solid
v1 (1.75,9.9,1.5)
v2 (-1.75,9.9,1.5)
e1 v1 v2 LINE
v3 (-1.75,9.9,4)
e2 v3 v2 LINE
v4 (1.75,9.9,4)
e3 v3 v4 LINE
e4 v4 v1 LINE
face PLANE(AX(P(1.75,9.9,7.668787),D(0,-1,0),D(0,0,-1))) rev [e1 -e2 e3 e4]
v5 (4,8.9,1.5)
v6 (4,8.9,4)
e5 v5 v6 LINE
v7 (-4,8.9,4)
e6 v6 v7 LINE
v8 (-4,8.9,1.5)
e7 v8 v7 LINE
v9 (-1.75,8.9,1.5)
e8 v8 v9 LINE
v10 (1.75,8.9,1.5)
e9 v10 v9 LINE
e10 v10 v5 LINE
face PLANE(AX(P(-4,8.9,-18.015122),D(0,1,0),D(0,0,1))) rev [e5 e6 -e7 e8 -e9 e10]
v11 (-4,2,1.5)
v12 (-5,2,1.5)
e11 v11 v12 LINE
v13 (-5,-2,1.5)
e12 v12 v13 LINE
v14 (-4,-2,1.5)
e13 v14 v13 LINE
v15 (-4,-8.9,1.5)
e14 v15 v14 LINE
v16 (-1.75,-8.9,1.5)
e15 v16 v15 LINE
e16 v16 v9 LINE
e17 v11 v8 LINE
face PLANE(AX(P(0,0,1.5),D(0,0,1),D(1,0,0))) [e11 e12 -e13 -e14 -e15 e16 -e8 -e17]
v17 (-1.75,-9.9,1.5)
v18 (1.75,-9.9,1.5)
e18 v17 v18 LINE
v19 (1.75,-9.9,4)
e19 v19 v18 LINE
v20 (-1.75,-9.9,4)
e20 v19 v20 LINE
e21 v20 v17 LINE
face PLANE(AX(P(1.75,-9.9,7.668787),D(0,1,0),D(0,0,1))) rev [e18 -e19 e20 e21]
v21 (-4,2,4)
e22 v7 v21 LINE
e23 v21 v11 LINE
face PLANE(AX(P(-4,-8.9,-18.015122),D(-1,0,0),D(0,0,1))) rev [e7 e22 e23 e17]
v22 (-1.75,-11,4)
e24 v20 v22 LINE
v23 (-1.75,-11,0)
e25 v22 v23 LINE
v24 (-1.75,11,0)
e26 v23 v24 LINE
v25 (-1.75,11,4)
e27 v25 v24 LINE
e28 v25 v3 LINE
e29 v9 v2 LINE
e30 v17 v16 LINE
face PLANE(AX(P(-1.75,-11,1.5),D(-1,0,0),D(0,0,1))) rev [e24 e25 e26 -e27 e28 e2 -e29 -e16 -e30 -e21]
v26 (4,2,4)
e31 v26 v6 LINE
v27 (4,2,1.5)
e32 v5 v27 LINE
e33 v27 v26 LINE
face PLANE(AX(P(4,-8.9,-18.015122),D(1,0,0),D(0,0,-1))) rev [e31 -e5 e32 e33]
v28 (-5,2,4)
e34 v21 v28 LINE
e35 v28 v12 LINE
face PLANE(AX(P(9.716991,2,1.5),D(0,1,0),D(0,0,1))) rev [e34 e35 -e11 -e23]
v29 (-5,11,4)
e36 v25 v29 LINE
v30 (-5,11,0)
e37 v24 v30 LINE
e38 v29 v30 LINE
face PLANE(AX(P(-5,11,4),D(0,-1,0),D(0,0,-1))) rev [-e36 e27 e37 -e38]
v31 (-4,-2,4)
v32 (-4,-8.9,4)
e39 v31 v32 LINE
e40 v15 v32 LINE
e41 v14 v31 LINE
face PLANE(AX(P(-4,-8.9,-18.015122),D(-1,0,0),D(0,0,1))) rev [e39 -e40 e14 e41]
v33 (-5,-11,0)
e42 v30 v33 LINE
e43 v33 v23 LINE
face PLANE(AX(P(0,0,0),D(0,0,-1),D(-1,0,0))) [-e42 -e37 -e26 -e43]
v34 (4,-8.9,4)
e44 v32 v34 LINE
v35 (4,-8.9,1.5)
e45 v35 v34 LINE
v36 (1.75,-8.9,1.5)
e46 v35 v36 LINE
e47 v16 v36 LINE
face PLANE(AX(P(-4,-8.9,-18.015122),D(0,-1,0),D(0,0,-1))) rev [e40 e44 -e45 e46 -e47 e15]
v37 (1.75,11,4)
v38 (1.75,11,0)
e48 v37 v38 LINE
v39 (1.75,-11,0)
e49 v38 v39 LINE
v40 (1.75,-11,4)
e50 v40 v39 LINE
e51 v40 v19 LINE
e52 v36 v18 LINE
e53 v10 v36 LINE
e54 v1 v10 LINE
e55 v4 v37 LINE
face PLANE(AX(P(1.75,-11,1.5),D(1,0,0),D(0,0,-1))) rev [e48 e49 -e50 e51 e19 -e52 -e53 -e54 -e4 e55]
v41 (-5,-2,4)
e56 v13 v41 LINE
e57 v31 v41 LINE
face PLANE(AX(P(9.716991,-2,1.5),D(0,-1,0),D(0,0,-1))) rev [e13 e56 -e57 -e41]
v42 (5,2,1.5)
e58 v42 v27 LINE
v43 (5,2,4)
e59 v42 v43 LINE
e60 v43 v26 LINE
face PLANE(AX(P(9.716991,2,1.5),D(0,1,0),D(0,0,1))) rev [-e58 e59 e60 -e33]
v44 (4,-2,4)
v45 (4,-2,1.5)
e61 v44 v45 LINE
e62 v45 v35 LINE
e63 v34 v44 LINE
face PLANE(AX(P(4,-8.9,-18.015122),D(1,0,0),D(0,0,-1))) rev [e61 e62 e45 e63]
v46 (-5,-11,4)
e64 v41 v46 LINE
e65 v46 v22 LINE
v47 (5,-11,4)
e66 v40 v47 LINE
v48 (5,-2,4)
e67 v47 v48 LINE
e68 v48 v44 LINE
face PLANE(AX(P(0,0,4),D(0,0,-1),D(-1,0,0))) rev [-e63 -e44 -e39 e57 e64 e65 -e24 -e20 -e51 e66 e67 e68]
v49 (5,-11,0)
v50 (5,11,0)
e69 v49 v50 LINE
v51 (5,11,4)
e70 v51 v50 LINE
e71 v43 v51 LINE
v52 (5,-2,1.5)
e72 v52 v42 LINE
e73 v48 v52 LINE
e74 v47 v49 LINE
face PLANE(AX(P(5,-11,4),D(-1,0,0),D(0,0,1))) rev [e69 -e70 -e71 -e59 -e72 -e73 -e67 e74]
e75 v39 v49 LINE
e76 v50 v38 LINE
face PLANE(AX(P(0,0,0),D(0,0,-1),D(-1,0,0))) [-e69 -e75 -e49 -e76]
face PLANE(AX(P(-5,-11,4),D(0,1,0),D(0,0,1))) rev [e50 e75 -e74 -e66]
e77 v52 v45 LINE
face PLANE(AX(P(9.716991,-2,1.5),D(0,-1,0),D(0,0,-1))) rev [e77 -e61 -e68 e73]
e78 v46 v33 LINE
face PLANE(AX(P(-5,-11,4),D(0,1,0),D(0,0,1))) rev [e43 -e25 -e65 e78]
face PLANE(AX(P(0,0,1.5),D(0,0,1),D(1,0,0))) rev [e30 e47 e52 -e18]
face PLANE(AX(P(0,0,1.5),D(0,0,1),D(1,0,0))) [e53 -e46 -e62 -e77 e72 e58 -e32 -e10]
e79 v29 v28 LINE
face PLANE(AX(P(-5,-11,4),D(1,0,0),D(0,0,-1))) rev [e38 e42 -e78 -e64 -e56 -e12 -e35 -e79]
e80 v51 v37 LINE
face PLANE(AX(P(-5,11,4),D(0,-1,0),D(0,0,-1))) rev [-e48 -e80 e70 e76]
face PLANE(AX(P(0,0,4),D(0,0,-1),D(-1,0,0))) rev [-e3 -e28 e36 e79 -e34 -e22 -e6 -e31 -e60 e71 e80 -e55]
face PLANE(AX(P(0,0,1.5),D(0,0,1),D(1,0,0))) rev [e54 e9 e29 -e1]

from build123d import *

# Parameters (mm, degrees)
SKETCH1_W           = 10
SKETCH1_H           = 22
BOSS_EXTRUDE1_DEPTH = 4
SKETCH2_W           = 3.5
SKETCH2_H           = 22
SLOT_DEPTH          = 1.5
SKETCH3_W           = 3.5
SKETCH3_H           = 1.1
CUT_EXTRUDE2_DEPTH  = 2.5
SKETCH4_W           = 8
SKETCH4_H           = 17.8
CUT_EXTRUDE3_DEPTH  = 2.5
CUT_EXTRUDE4_REACH  = 17.395
SKETCH6_W           = 2.5
SKETCH6_H           = 4


with BuildPart() as part:
    # Sketch1 → Boss-Extrude1 (new body)
    with BuildSketch(Plane.XY):
        Rectangle(SKETCH1_W, SKETCH1_H)
    extrude(amount=BOSS_EXTRUDE1_DEPTH)

    # Sketch2 → slot (cut)
    with BuildSketch(Plane(origin=(0, 0, 0), x_dir=(-1, 0, 0), z_dir=(0, 0, -1))):
        Rectangle(SKETCH2_W, SKETCH2_H)
    extrude(amount=-SLOT_DEPTH, mode=Mode.SUBTRACT)

    # Sketch3 → Cut-Extrude2 (cut)
    with BuildSketch(Plane(origin=(0, 0, 1.5), x_dir=(-1, 0, 0), z_dir=(0, 0, -1))):
        with Locations((0, 10.45)):
            Rectangle(SKETCH3_W, SKETCH3_H)
        with Locations((0, -10.45)):
            Rectangle(SKETCH3_W, SKETCH3_H)
    extrude(amount=-CUT_EXTRUDE2_DEPTH, mode=Mode.SUBTRACT)

    # Sketch4 → Cut-Extrude3 (cut)
    with BuildSketch(Plane.XY.offset(4)):
        Rectangle(SKETCH4_W, SKETCH4_H)
    extrude(amount=-CUT_EXTRUDE3_DEPTH, mode=Mode.SUBTRACT)

    # Cut-Extrude4: up to this face of the body (flat: up to its plane)
    cut_extrude4_end = Plane(part.part.faces().sort_by_distance((5, 0, 2))[0])
    # Sketch6 → Cut-Extrude4 (cut, up to the picked face)
    with BuildSketch(Plane.ZY.offset(5), mode=Mode.PRIVATE) as cut_extrude4_sk1:
        with Locations((2.75, 0)):
            Rectangle(SKETCH6_W, SKETCH6_H)
    cut_extrude4_tool1 = split(extrude(cut_extrude4_sk1.sketch, amount=-CUT_EXTRUDE4_REACH, mode=Mode.PRIVATE), bisect_by=cut_extrude4_end, keep=Keep.BOTH, mode=Mode.PRIVATE)
    add(cut_extrude4_tool1.solids().sort_by(Axis((-5, 0, 2.75), (1, 0, 0)))[0], mode=Mode.SUBTRACT)


solid = part.part
